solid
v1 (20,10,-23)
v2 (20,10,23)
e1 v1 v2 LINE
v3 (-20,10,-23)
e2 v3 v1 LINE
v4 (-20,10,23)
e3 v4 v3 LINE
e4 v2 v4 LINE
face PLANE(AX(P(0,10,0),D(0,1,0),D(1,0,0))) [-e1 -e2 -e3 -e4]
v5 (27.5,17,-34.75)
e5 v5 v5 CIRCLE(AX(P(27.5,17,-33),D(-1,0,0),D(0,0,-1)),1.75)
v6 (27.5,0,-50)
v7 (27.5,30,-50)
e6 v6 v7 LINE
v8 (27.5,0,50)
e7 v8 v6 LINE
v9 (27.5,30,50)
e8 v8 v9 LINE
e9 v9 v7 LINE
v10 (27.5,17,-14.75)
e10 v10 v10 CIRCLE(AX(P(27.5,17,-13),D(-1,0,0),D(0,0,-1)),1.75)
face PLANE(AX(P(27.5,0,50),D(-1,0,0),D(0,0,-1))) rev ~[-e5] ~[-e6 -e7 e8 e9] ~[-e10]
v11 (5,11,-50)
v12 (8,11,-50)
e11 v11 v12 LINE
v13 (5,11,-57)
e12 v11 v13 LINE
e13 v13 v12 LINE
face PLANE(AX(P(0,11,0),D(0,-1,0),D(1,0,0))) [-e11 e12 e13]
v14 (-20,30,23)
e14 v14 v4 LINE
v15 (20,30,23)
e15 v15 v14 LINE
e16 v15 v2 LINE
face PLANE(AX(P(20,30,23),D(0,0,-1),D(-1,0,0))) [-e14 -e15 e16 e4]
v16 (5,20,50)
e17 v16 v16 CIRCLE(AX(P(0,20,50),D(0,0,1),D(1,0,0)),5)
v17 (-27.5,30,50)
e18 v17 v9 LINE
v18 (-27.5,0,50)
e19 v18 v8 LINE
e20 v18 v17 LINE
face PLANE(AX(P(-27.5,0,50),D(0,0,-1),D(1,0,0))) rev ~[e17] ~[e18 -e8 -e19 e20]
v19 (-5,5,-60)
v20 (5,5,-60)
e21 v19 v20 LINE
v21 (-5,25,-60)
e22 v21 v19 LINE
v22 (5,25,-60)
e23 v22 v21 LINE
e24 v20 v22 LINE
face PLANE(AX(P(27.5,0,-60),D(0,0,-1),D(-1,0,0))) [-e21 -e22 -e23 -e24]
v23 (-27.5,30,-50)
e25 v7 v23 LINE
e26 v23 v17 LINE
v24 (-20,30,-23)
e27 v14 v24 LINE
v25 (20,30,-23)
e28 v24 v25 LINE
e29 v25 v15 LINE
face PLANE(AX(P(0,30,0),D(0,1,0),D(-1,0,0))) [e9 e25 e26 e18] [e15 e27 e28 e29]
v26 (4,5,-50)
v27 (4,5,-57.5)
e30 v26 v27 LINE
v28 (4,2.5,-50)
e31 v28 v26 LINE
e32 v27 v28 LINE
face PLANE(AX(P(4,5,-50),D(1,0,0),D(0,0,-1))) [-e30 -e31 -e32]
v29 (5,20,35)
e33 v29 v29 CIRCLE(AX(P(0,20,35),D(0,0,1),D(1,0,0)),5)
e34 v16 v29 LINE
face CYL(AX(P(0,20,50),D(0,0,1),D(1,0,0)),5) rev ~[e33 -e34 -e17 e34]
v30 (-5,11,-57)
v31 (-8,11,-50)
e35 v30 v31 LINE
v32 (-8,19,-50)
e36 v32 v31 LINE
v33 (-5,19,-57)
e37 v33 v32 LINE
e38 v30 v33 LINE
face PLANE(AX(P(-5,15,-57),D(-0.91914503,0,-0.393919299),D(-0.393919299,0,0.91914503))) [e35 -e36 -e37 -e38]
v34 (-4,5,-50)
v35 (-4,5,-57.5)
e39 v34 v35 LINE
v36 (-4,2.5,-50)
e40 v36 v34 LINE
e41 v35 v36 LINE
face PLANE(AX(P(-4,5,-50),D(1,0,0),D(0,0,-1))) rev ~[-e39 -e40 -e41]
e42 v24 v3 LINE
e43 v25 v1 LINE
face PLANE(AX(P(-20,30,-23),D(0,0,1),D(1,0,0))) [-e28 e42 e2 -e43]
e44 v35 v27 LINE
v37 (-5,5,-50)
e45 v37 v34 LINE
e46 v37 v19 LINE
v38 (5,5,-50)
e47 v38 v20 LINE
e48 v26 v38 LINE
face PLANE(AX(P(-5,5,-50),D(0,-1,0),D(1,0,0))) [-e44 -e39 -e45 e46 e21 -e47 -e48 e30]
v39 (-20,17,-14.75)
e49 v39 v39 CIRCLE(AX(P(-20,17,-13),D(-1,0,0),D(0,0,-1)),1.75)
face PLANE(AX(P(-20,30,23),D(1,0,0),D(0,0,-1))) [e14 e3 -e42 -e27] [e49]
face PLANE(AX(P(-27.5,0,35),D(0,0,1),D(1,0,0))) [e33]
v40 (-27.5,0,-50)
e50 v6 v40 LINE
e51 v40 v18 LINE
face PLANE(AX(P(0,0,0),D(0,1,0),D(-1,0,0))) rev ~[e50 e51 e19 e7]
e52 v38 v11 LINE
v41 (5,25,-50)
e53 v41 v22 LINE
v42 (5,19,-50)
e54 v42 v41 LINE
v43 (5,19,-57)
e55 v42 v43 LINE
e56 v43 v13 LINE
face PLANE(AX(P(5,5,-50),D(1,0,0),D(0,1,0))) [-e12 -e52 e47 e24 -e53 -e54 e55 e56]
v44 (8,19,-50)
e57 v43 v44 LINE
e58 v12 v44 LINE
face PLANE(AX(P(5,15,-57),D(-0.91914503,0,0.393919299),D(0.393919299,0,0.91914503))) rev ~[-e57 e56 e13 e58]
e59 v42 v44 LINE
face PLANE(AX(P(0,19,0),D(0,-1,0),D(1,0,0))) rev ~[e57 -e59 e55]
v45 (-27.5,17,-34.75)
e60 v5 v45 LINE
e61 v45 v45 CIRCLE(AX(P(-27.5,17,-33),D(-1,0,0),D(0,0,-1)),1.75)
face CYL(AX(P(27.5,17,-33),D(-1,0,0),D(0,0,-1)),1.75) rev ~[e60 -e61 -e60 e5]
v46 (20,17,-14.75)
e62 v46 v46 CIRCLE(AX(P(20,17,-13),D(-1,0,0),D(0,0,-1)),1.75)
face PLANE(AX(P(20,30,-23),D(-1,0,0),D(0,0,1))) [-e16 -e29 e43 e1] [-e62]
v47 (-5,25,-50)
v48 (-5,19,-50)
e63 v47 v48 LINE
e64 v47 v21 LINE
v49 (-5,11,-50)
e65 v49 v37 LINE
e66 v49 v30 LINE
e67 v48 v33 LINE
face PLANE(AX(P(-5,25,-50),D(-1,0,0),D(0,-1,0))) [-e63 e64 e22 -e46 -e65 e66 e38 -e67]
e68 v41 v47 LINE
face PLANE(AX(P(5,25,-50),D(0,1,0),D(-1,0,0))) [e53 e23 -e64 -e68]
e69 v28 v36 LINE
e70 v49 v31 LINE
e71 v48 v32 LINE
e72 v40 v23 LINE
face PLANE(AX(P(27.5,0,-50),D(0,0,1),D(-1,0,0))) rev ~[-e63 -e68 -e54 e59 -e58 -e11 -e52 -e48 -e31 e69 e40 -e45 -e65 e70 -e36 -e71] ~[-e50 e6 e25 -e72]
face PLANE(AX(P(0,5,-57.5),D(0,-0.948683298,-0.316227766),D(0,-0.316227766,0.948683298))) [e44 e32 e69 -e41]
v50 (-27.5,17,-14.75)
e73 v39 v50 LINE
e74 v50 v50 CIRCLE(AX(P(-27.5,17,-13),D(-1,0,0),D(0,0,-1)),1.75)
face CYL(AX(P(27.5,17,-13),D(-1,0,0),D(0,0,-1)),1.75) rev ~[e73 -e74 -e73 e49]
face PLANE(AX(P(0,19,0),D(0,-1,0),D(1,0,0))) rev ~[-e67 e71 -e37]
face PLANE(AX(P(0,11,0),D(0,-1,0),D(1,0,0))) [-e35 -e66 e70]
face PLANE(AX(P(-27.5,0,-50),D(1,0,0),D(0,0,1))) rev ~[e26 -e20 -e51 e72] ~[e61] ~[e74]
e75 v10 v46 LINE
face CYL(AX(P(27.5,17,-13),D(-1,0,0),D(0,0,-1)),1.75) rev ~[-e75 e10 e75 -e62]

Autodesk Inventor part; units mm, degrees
ref_plane "YZ Plane" through (0, 0, 0) normal (1, 0, 0) x (0, 1, 0)
sketch "Boceto1" plane through (0, 0, 0) normal (0, 1, 0) x (-1, 0, 0)
  line L0 (27.5, 50) -> (-27.5, 50)
  line L1 (-27.5, 50) -> (-27.5, -50)
  line L2 (-27.5, -50) -> (27.5, -50)
  line L3 (27.5, -50) -> (27.5, 50)
  line L4 (27.5, 50) -> (-27.5, -50) construction
  line L5 (-27.5, 50) -> (27.5, -50) construction
  point P0 (0, 0)
  dimension "d0" = 55
  dimension "d1" = 100
extrude "Extrusión1" add sketch "Boceto1" along normal blind 30
sketch "Boceto2" plane through (27.5, 0, -50) normal (0, 0, -1) x (-1, 0, 0)
  line L0 (22.5, 25) -> (32.5, 25)
  line L1 (32.5, 25) -> (32.5, 5)
  line L2 (32.5, 5) -> (22.5, 5)
  line L3 (22.5, 5) -> (22.5, 25)
  line L4 (22.5, 25) -> (32.5, 5) construction
  line L5 (32.5, 25) -> (22.5, 5) construction
  line L6 (0, 30) -> (55, 30) projected
  line L7 (0, 0) -> (0, 30) projected
  line L8 (55, 0) -> (55, 30) projected
  point P0 (27.5, 0)
  point P1 (27.5, 15)
  point P2 (27.5, 25)
  dimension "d4" = 10
  dimension "d5" = 20
  dimension "d6" = 5
  dimension "d7" = 22.5
  dimension "d24" = 22.5
extrude "Extrusión2" add sketch "Boceto2" along normal blind 10
sketch "Boceto3" plane through (-27.5, 0, 50) normal (0, 0, 1) x (1, 0, 0)
  circle A0 centre (27.5, 20) radius 5
  line L0 (0, 30) -> (55, 30) projected
  point P0 (27.5, 0)
  point P1 (27.5, 30)
  dimension "d10" = 10
  dimension "d11" = 10
extrude "Extrusión3" cut sketch "Boceto3" against normal blind 15
sketch "Boceto4" plane through (0, 30, 0) normal (0, 1, 0) x (1, 0, 0)
  line L0 (-20, 23) -> (20, 23)
  line L1 (20, 23) -> (20, -23)
  line L2 (20, -23) -> (-20, -23)
  line L3 (-20, -23) -> (-20, 23)
  line L4 (-20, 23) -> (20, -23) construction
  line L5 (20, 23) -> (-20, -23) construction
  point P0 (0, 0)
  dimension "d14" = 40
  dimension "d15" = 46
extrude "Extrusión4" cut sketch "Boceto4" against normal blind 20
ref_plane "Plano de trabajo1" through (0, 5, -50) normal (1, 0, 0) x (0, 0, -1)
sketch "Boceto5" plane through (0, 5, -50) normal (1, 0, 0) x (0, 0, -1)
  line L0 (7.5, 0) -> (0, -2.5)
  line L1 (0, -2.5) -> (0, 0)
  line L2 (0, 0) -> (7.5, 0)
  point P0 (-50, -5)
  point P1 (0, -5)
  point P2 (10, 0)
  dimension "d25" = 2.5
  dimension "d26" = 2.5
extrude "Extrusión5" add sketch "Boceto5" along normal mid plane 8
ref_plane "Plano de trabajo2" through (0, 15, 0) normal (0, -1, 0) x (1, 0, 0)
sketch "Boceto6" plane through (0, 15, 0) normal (0, -1, 0) x (1, 0, 0)
  line L0 (5, -50) -> (8, -50)
  line L1 (27.5, -50) -> (-27.5, -50)
  line L2 (5, -57) -> (8, -50)
  line L3 (4, -50) -> (5, -50) projected
  line L4 (5, -50) -> (5, -57)
  line L5 (0, -50.2371) -> (0, -56.5746)
  line L6 (-5, -50) -> (-8, -50)
  line L7 (-27.5, -50) -> (27.5, -50)
  line L8 (-5, -57) -> (-8, -50)
  line L9 (-4, -50) -> (-5, -50)
  line L10 (-5, -50) -> (-5, -57)
  point P0 (0, 0)
  point P1 (5, -60)
  point P2 (-5, -60)
  dimension "d29" = 3
  dimension "d30" = 3
extrude "Extrusión6" add sketch "Boceto6" along normal mid plane 8
sketch "Boceto7" plane through (27.5, 0, 50) normal (1, 0, 0) x (0, 0, -1)
  point P0 (50, 0)
ref_plane "Plano de trabajo4" through (-20, 30, -23) normal (0, 0, 1) x (1, 0, 0)
sketch "Boceto8" plane through (27.5, 0, 50) normal (1, 0, 0) x (0, 0, -1)
  line L0 (58, 22) -> (88, 22)
  circle A0 centre (83, 17) radius 1.75
  line L1 (63, 17) -> (83, 17)
  line L2 (88, 22) -> (88, 12)
  circle A1 centre (63, 17) radius 1.75
  line L3 (58, 12) -> (88, 22) construction
  line L4 (58, 22) -> (88, 12) construction
  line L5 (58, 12) -> (58, 22)
  line L6 (88, 12) -> (58, 12)
  line L7 (73, 30) -> (73, 10) projected
  line L8 (0, 30) -> (100, 30) projected
  point P0 (50, 0)
  point P1 (72.9522, 12.5553)
  point P2 (57.9522, 14.5161)
  point P3 (72.9522, 12.5553)
  point P4 (88, 17)
  dimension "d34" = 10
  dimension "d35" = 30
  dimension "d36" = 5
  dimension "d37" = 5
  dimension "d38" = 5
  dimension "d39" = 5
  dimension "d40" = 10
  dimension "d41" = 8
hole "Agujero1" at (27.5, 17, -13) at (27.5, 17, -33) direction (-1, 0, 0) diameter 3.5 end through all
properties part number "camera_support_2"
